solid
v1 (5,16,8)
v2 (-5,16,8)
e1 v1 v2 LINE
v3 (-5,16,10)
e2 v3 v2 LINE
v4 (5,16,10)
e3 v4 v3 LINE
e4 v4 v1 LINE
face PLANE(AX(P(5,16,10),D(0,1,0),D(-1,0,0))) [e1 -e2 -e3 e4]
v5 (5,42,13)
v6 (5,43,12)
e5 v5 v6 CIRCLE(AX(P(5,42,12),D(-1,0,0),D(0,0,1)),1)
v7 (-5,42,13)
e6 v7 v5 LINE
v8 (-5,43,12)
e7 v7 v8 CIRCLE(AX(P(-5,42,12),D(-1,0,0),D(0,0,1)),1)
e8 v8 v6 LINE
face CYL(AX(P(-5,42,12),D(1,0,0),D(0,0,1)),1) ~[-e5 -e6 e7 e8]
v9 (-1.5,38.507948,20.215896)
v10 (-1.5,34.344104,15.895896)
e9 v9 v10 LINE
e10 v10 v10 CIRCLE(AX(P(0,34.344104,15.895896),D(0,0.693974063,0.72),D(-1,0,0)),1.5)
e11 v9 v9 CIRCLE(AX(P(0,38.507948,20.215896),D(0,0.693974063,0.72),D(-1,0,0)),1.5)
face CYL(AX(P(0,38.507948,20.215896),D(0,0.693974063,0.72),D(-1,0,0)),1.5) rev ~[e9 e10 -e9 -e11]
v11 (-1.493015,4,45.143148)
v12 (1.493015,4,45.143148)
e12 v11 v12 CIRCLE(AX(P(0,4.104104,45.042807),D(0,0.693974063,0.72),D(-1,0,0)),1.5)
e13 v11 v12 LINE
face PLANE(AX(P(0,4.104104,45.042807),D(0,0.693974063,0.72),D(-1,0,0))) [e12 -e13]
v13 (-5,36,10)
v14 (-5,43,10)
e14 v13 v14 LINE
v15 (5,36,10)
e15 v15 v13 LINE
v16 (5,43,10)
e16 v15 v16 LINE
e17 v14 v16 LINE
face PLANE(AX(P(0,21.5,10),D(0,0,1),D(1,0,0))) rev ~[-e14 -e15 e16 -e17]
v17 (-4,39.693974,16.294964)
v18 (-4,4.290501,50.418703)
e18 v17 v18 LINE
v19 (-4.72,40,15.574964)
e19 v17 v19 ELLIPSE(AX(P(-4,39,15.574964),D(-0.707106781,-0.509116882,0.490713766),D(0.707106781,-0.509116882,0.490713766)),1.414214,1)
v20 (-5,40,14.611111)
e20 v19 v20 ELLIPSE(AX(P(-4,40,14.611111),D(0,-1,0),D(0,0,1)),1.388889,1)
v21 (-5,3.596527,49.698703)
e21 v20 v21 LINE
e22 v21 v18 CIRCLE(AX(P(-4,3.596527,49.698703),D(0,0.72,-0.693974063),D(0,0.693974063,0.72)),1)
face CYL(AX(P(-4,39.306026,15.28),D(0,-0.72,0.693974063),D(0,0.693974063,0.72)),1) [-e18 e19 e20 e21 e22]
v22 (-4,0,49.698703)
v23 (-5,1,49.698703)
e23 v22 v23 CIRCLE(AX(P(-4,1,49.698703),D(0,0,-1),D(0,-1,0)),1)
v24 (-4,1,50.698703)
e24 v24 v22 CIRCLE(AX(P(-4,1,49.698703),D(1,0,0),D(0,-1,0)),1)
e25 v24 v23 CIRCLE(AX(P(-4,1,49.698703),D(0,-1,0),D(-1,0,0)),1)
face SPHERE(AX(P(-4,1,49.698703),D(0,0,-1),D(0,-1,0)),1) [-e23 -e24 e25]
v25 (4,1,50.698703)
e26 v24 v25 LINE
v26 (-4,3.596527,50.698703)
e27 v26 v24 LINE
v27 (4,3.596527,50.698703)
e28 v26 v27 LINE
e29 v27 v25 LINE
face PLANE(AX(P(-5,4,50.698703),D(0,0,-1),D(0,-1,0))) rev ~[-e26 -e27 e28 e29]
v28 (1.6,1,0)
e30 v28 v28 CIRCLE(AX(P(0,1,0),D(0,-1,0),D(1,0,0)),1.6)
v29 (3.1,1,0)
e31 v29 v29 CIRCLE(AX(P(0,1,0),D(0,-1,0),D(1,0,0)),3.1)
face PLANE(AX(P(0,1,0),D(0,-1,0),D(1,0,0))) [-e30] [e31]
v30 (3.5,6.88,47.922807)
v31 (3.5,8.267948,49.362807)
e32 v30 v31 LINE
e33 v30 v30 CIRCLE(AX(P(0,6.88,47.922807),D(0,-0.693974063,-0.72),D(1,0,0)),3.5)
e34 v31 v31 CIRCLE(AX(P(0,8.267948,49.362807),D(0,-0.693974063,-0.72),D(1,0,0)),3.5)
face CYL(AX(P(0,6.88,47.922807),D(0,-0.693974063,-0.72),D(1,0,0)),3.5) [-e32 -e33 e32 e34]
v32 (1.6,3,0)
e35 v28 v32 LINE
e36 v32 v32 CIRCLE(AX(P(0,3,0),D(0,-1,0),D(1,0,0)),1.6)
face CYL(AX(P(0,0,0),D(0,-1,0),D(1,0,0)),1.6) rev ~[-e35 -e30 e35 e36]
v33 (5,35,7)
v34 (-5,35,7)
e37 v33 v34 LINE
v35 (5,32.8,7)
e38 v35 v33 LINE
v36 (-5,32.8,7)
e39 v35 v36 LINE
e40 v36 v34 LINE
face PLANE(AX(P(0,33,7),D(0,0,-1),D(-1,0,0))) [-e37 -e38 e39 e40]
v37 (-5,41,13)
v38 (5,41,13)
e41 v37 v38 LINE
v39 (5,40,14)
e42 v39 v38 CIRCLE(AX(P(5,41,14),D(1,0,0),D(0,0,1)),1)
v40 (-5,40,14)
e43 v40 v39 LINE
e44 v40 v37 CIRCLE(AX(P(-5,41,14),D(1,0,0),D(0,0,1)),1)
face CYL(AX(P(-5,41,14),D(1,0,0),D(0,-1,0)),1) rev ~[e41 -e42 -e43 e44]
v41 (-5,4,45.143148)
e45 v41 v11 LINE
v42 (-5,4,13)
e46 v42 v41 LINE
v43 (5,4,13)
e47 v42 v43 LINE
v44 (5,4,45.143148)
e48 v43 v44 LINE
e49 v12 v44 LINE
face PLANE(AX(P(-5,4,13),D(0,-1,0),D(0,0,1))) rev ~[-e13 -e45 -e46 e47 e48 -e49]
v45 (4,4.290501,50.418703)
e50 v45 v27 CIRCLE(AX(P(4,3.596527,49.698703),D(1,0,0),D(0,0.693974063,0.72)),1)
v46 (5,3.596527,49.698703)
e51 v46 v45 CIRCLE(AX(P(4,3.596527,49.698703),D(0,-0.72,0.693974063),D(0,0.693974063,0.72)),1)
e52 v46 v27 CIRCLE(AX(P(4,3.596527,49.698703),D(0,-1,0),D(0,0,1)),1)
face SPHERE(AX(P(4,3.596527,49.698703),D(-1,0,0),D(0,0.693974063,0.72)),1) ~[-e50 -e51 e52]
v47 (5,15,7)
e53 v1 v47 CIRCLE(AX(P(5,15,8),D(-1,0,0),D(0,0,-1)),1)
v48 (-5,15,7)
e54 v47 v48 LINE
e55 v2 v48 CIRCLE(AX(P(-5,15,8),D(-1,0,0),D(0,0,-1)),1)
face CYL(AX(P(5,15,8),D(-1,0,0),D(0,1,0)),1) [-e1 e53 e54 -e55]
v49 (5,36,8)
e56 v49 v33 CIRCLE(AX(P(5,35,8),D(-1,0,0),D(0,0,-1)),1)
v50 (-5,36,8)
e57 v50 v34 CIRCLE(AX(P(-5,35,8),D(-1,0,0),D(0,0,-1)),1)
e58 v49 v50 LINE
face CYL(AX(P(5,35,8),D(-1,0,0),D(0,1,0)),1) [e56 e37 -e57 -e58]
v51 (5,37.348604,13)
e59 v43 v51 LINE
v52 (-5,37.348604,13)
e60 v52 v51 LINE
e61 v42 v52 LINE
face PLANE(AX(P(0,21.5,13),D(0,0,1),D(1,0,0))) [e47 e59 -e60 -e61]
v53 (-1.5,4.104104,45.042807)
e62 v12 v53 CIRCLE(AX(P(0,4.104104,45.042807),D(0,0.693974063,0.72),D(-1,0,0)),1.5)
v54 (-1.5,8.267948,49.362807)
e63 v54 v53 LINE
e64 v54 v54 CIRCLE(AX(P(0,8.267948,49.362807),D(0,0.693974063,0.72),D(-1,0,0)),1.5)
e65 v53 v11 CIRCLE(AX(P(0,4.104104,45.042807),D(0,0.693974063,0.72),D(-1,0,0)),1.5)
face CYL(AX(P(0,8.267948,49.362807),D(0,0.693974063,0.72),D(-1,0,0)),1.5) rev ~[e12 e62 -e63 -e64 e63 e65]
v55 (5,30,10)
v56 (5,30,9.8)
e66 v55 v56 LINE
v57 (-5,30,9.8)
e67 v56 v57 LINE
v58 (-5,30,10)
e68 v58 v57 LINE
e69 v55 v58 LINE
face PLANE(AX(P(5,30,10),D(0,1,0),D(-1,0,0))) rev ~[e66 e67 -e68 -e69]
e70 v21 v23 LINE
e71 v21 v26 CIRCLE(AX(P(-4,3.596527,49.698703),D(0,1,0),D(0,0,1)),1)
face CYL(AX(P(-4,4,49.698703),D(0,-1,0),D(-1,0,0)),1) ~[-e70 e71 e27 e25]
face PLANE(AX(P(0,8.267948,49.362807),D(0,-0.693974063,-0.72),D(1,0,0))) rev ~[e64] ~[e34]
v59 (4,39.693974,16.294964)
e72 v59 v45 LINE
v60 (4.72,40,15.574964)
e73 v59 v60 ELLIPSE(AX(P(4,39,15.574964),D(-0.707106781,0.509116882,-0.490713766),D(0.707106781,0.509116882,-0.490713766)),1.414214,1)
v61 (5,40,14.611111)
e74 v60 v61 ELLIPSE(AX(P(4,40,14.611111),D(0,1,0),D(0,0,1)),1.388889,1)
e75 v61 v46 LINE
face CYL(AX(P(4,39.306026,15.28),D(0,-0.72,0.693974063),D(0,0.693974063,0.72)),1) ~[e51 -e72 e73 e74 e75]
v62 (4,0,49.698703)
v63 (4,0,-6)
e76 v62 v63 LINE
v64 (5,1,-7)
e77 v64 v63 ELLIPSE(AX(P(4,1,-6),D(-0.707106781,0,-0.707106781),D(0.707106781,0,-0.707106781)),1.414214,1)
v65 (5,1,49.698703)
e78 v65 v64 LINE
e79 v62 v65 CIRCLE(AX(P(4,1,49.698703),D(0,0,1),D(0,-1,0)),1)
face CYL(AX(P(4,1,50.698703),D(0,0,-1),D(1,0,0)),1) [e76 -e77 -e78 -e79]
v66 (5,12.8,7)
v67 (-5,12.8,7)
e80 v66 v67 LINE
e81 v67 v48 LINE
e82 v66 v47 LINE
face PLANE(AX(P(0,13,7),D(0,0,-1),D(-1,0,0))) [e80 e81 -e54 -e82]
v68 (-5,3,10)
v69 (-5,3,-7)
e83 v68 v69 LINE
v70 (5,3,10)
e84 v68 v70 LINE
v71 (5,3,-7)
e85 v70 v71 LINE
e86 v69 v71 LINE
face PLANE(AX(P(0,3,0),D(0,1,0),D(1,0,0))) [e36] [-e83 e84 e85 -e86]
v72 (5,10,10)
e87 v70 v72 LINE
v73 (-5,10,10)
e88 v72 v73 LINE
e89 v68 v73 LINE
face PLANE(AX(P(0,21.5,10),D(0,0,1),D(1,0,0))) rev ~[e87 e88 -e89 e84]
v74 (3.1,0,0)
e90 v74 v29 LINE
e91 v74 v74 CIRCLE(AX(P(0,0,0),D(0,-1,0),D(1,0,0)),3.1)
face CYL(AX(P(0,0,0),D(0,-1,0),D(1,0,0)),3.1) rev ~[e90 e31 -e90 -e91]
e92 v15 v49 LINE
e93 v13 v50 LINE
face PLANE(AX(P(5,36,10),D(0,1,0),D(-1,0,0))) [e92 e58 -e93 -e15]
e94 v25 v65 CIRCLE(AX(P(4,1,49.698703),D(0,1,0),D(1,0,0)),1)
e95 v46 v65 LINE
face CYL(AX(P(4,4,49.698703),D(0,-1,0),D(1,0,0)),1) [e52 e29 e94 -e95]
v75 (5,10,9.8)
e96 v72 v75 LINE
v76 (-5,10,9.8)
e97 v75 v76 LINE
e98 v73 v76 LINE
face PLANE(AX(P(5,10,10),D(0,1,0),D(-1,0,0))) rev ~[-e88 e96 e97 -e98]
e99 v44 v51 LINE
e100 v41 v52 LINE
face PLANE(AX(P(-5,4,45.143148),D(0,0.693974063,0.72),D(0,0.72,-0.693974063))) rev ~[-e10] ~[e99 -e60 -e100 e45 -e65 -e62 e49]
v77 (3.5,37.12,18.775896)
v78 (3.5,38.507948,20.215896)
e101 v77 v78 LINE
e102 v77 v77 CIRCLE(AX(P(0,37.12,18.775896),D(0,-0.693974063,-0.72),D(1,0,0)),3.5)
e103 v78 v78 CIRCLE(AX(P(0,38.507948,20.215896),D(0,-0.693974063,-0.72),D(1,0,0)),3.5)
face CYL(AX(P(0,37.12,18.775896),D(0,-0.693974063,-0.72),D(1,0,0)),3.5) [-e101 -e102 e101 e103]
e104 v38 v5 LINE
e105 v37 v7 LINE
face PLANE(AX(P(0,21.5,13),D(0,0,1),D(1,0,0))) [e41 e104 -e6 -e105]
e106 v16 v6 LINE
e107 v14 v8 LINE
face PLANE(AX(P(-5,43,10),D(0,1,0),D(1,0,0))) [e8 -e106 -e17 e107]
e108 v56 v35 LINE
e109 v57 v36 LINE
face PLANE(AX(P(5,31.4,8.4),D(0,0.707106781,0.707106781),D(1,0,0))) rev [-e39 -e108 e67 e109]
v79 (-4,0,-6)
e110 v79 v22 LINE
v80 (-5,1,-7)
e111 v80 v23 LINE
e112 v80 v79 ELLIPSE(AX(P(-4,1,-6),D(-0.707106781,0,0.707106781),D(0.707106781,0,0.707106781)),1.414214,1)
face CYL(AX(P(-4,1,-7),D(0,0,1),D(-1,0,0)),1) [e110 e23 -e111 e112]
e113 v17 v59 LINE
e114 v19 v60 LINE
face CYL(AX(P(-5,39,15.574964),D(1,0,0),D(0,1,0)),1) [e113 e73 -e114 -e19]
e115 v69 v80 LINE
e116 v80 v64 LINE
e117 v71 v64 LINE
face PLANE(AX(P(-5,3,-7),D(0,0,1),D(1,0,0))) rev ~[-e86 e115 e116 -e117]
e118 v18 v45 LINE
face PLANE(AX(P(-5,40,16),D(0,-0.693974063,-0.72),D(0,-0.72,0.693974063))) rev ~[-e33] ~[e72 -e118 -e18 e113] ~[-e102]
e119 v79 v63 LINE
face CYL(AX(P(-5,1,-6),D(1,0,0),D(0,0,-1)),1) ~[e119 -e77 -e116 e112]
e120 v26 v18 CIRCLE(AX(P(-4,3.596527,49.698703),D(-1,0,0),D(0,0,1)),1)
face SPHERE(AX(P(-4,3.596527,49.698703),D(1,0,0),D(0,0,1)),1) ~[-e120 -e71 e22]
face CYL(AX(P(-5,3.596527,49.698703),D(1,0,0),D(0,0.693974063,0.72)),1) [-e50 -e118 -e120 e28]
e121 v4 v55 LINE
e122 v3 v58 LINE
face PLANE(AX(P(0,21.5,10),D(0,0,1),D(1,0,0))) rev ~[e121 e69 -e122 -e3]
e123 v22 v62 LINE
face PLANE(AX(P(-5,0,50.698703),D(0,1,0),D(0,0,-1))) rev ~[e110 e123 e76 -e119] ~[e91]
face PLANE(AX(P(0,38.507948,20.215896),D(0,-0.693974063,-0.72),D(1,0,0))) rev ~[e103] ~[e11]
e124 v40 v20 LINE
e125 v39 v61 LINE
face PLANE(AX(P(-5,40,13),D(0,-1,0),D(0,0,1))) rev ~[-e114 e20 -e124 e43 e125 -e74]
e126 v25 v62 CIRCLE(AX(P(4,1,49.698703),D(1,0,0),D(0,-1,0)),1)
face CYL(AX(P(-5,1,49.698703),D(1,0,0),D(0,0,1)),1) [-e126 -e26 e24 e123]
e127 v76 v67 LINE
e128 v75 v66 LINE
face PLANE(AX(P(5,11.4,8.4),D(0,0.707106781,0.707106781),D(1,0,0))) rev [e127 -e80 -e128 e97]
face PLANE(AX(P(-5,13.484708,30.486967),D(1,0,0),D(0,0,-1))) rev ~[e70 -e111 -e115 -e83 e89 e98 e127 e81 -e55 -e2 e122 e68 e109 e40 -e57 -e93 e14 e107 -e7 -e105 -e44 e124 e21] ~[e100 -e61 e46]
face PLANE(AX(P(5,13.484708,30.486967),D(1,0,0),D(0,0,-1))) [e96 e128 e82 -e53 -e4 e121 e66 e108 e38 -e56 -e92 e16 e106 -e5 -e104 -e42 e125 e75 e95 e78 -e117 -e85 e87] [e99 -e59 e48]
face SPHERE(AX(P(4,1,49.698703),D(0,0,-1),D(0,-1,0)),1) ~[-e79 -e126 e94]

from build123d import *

# Parameters (mm, degrees)
SKETCH1_W           = 10
SKETCH1_H           = 20
BOSS_EXTRUDE1_DEPTH = 3
SKETCH2_R           = 1.6
CUT_EXTRUDE1_DEPTH  = 4
SKETCH3_R           = 3.1
CUT_EXTRUDE2_DEPTH  = 1
SKETCH4_W           = 10
SKETCH4_H           = 43
BOSS_EXTRUDE2_DEPTH = 3
SKETCH5_W           = 10
SKETCH5_H           = 6
BOSS_EXTRUDE3_DEPTH = 3
CHAMFER1_SIZE       = 2.8
BOSS_EXTRUDE4_DEPTH = 10
SKETCH7_R           = 3.5
BOSS_EXTRUDE5_DEPTH = 2
SKETCH10_W          = 10
SKETCH10_H          = 3
CUT_EXTRUDE6_DEPTH  = 4
FILLET2_R           = 1
SKETCH8_R           = 1.5
CUT_EXTRUDE4_DEPTH  = 6


with BuildPart() as part:
    # Sketch1 → Boss-Extrude1 (new body)
    with BuildSketch(Plane(origin=(0, 0, 0), x_dir=(1, 0, 0), z_dir=(0, 1, 0))):
        Rectangle(SKETCH1_W, SKETCH1_H)
    extrude(amount=BOSS_EXTRUDE1_DEPTH)

    # Sketch2 → Cut-Extrude1 (cut, through all)
    with BuildSketch(Plane.XZ):
        Circle(SKETCH2_R)
    extrude(amount=-CUT_EXTRUDE1_DEPTH, mode=Mode.SUBTRACT)

    # Sketch3 → Cut-Extrude2 (cut)
    with BuildSketch(Plane.XZ):
        Circle(SKETCH3_R)
    extrude(amount=-CUT_EXTRUDE2_DEPTH, mode=Mode.SUBTRACT)

    # Sketch4 → Boss-Extrude2 (add)
    with BuildSketch(Plane.XY.offset(10)):
        with Locations((0, 21.5)):
            Rectangle(SKETCH4_W, SKETCH4_H)
    extrude(amount=BOSS_EXTRUDE2_DEPTH)

    # Sketch5 → Boss-Extrude3 (add)
    with BuildSketch(Plane(origin=(0, 0, 10), x_dir=(-1, 0, 0), z_dir=(0, 0, -1))):
        with Locations((0, 13)):
            Rectangle(SKETCH5_W, SKETCH5_H)
        with Locations((0, 33)):
            Rectangle(SKETCH5_W, SKETCH5_H)
    extrude(amount=BOSS_EXTRUDE3_DEPTH)

    # Chamfer1
    chamfer1_edges = [part.edges().sort_by_distance(p)[0] for p in [
        (0, 30, 7),
        (0, 10, 7),
    ]]
    chamfer(chamfer1_edges, length=CHAMFER1_SIZE)

    # Sketch6 → Boss-Extrude4 (add)
    with BuildSketch(Plane.ZY.offset(5)):
        Polygon((13, 40), (16, 40), (50.698703146, 4), (50.698703146, 0), (13, 0), (13, 4), (45.14314759, 4), (13, 37.348604079), align=None)
    extrude(amount=-BOSS_EXTRUDE4_DEPTH)

    # Sketch7 → Boss-Extrude5 (add)
    with BuildSketch(Plane(origin=(0, -24.3220742, 77.997015511), x_dir=(1, 0, 0), z_dir=(0, -0.693974063, -0.72))):
        with Locations((0, -43.336214167)):
            Circle(SKETCH7_R)
        with Locations((0, -85.336214167)):
            Circle(SKETCH7_R)
    extrude(amount=-BOSS_EXTRUDE5_DEPTH)

    # Sketch10 → Cut-Extrude6 (cut, through all)
    with BuildSketch(Plane(origin=(0, 3, 0), x_dir=(1, 0, 0), z_dir=(0, 1, 0))):
        with Locations((0, 8.5)):
            Rectangle(SKETCH10_W, SKETCH10_H)
    extrude(amount=-CUT_EXTRUDE6_DEPTH, mode=Mode.SUBTRACT)

    # Fillet2
    fillet2_edges = [part.edges().sort_by_distance(p)[0] for p in [
        (-5, 0, 21.849351573),
        (0, 0, -7),
        (0, 43, 13),
        (0, 36, 7),
        (5, 0, 21.849351573),
        (0, 16, 7),
        (0, 40, 13),
        (0, 40, 16),
        (0, 4, 50.698703146),
        (0, 0, 50.698703146),
        (-5, 2, 50.698703146),
        (-5, 22, 33.349351573),
        (5, 22, 33.349351573),
        (5, 2, 50.698703146),
    ]]
    fillet(fillet2_edges, radius=FILLET2_R)

    # Sketch8 → Cut-Extrude4 (cut)
    with BuildSketch(Plane(origin=(0, 28.646529331, 29.720853012), x_dir=(-1, 0, 0), z_dir=(0, 0.693974063, 0.72))):
        with Locations((0, 28.303585007)):
            Circle(SKETCH8_R)
        with Locations((0, -13.696414993)):
            Circle(SKETCH8_R)
    extrude(amount=-CUT_EXTRUDE4_DEPTH, mode=Mode.SUBTRACT)


solid = part.part
